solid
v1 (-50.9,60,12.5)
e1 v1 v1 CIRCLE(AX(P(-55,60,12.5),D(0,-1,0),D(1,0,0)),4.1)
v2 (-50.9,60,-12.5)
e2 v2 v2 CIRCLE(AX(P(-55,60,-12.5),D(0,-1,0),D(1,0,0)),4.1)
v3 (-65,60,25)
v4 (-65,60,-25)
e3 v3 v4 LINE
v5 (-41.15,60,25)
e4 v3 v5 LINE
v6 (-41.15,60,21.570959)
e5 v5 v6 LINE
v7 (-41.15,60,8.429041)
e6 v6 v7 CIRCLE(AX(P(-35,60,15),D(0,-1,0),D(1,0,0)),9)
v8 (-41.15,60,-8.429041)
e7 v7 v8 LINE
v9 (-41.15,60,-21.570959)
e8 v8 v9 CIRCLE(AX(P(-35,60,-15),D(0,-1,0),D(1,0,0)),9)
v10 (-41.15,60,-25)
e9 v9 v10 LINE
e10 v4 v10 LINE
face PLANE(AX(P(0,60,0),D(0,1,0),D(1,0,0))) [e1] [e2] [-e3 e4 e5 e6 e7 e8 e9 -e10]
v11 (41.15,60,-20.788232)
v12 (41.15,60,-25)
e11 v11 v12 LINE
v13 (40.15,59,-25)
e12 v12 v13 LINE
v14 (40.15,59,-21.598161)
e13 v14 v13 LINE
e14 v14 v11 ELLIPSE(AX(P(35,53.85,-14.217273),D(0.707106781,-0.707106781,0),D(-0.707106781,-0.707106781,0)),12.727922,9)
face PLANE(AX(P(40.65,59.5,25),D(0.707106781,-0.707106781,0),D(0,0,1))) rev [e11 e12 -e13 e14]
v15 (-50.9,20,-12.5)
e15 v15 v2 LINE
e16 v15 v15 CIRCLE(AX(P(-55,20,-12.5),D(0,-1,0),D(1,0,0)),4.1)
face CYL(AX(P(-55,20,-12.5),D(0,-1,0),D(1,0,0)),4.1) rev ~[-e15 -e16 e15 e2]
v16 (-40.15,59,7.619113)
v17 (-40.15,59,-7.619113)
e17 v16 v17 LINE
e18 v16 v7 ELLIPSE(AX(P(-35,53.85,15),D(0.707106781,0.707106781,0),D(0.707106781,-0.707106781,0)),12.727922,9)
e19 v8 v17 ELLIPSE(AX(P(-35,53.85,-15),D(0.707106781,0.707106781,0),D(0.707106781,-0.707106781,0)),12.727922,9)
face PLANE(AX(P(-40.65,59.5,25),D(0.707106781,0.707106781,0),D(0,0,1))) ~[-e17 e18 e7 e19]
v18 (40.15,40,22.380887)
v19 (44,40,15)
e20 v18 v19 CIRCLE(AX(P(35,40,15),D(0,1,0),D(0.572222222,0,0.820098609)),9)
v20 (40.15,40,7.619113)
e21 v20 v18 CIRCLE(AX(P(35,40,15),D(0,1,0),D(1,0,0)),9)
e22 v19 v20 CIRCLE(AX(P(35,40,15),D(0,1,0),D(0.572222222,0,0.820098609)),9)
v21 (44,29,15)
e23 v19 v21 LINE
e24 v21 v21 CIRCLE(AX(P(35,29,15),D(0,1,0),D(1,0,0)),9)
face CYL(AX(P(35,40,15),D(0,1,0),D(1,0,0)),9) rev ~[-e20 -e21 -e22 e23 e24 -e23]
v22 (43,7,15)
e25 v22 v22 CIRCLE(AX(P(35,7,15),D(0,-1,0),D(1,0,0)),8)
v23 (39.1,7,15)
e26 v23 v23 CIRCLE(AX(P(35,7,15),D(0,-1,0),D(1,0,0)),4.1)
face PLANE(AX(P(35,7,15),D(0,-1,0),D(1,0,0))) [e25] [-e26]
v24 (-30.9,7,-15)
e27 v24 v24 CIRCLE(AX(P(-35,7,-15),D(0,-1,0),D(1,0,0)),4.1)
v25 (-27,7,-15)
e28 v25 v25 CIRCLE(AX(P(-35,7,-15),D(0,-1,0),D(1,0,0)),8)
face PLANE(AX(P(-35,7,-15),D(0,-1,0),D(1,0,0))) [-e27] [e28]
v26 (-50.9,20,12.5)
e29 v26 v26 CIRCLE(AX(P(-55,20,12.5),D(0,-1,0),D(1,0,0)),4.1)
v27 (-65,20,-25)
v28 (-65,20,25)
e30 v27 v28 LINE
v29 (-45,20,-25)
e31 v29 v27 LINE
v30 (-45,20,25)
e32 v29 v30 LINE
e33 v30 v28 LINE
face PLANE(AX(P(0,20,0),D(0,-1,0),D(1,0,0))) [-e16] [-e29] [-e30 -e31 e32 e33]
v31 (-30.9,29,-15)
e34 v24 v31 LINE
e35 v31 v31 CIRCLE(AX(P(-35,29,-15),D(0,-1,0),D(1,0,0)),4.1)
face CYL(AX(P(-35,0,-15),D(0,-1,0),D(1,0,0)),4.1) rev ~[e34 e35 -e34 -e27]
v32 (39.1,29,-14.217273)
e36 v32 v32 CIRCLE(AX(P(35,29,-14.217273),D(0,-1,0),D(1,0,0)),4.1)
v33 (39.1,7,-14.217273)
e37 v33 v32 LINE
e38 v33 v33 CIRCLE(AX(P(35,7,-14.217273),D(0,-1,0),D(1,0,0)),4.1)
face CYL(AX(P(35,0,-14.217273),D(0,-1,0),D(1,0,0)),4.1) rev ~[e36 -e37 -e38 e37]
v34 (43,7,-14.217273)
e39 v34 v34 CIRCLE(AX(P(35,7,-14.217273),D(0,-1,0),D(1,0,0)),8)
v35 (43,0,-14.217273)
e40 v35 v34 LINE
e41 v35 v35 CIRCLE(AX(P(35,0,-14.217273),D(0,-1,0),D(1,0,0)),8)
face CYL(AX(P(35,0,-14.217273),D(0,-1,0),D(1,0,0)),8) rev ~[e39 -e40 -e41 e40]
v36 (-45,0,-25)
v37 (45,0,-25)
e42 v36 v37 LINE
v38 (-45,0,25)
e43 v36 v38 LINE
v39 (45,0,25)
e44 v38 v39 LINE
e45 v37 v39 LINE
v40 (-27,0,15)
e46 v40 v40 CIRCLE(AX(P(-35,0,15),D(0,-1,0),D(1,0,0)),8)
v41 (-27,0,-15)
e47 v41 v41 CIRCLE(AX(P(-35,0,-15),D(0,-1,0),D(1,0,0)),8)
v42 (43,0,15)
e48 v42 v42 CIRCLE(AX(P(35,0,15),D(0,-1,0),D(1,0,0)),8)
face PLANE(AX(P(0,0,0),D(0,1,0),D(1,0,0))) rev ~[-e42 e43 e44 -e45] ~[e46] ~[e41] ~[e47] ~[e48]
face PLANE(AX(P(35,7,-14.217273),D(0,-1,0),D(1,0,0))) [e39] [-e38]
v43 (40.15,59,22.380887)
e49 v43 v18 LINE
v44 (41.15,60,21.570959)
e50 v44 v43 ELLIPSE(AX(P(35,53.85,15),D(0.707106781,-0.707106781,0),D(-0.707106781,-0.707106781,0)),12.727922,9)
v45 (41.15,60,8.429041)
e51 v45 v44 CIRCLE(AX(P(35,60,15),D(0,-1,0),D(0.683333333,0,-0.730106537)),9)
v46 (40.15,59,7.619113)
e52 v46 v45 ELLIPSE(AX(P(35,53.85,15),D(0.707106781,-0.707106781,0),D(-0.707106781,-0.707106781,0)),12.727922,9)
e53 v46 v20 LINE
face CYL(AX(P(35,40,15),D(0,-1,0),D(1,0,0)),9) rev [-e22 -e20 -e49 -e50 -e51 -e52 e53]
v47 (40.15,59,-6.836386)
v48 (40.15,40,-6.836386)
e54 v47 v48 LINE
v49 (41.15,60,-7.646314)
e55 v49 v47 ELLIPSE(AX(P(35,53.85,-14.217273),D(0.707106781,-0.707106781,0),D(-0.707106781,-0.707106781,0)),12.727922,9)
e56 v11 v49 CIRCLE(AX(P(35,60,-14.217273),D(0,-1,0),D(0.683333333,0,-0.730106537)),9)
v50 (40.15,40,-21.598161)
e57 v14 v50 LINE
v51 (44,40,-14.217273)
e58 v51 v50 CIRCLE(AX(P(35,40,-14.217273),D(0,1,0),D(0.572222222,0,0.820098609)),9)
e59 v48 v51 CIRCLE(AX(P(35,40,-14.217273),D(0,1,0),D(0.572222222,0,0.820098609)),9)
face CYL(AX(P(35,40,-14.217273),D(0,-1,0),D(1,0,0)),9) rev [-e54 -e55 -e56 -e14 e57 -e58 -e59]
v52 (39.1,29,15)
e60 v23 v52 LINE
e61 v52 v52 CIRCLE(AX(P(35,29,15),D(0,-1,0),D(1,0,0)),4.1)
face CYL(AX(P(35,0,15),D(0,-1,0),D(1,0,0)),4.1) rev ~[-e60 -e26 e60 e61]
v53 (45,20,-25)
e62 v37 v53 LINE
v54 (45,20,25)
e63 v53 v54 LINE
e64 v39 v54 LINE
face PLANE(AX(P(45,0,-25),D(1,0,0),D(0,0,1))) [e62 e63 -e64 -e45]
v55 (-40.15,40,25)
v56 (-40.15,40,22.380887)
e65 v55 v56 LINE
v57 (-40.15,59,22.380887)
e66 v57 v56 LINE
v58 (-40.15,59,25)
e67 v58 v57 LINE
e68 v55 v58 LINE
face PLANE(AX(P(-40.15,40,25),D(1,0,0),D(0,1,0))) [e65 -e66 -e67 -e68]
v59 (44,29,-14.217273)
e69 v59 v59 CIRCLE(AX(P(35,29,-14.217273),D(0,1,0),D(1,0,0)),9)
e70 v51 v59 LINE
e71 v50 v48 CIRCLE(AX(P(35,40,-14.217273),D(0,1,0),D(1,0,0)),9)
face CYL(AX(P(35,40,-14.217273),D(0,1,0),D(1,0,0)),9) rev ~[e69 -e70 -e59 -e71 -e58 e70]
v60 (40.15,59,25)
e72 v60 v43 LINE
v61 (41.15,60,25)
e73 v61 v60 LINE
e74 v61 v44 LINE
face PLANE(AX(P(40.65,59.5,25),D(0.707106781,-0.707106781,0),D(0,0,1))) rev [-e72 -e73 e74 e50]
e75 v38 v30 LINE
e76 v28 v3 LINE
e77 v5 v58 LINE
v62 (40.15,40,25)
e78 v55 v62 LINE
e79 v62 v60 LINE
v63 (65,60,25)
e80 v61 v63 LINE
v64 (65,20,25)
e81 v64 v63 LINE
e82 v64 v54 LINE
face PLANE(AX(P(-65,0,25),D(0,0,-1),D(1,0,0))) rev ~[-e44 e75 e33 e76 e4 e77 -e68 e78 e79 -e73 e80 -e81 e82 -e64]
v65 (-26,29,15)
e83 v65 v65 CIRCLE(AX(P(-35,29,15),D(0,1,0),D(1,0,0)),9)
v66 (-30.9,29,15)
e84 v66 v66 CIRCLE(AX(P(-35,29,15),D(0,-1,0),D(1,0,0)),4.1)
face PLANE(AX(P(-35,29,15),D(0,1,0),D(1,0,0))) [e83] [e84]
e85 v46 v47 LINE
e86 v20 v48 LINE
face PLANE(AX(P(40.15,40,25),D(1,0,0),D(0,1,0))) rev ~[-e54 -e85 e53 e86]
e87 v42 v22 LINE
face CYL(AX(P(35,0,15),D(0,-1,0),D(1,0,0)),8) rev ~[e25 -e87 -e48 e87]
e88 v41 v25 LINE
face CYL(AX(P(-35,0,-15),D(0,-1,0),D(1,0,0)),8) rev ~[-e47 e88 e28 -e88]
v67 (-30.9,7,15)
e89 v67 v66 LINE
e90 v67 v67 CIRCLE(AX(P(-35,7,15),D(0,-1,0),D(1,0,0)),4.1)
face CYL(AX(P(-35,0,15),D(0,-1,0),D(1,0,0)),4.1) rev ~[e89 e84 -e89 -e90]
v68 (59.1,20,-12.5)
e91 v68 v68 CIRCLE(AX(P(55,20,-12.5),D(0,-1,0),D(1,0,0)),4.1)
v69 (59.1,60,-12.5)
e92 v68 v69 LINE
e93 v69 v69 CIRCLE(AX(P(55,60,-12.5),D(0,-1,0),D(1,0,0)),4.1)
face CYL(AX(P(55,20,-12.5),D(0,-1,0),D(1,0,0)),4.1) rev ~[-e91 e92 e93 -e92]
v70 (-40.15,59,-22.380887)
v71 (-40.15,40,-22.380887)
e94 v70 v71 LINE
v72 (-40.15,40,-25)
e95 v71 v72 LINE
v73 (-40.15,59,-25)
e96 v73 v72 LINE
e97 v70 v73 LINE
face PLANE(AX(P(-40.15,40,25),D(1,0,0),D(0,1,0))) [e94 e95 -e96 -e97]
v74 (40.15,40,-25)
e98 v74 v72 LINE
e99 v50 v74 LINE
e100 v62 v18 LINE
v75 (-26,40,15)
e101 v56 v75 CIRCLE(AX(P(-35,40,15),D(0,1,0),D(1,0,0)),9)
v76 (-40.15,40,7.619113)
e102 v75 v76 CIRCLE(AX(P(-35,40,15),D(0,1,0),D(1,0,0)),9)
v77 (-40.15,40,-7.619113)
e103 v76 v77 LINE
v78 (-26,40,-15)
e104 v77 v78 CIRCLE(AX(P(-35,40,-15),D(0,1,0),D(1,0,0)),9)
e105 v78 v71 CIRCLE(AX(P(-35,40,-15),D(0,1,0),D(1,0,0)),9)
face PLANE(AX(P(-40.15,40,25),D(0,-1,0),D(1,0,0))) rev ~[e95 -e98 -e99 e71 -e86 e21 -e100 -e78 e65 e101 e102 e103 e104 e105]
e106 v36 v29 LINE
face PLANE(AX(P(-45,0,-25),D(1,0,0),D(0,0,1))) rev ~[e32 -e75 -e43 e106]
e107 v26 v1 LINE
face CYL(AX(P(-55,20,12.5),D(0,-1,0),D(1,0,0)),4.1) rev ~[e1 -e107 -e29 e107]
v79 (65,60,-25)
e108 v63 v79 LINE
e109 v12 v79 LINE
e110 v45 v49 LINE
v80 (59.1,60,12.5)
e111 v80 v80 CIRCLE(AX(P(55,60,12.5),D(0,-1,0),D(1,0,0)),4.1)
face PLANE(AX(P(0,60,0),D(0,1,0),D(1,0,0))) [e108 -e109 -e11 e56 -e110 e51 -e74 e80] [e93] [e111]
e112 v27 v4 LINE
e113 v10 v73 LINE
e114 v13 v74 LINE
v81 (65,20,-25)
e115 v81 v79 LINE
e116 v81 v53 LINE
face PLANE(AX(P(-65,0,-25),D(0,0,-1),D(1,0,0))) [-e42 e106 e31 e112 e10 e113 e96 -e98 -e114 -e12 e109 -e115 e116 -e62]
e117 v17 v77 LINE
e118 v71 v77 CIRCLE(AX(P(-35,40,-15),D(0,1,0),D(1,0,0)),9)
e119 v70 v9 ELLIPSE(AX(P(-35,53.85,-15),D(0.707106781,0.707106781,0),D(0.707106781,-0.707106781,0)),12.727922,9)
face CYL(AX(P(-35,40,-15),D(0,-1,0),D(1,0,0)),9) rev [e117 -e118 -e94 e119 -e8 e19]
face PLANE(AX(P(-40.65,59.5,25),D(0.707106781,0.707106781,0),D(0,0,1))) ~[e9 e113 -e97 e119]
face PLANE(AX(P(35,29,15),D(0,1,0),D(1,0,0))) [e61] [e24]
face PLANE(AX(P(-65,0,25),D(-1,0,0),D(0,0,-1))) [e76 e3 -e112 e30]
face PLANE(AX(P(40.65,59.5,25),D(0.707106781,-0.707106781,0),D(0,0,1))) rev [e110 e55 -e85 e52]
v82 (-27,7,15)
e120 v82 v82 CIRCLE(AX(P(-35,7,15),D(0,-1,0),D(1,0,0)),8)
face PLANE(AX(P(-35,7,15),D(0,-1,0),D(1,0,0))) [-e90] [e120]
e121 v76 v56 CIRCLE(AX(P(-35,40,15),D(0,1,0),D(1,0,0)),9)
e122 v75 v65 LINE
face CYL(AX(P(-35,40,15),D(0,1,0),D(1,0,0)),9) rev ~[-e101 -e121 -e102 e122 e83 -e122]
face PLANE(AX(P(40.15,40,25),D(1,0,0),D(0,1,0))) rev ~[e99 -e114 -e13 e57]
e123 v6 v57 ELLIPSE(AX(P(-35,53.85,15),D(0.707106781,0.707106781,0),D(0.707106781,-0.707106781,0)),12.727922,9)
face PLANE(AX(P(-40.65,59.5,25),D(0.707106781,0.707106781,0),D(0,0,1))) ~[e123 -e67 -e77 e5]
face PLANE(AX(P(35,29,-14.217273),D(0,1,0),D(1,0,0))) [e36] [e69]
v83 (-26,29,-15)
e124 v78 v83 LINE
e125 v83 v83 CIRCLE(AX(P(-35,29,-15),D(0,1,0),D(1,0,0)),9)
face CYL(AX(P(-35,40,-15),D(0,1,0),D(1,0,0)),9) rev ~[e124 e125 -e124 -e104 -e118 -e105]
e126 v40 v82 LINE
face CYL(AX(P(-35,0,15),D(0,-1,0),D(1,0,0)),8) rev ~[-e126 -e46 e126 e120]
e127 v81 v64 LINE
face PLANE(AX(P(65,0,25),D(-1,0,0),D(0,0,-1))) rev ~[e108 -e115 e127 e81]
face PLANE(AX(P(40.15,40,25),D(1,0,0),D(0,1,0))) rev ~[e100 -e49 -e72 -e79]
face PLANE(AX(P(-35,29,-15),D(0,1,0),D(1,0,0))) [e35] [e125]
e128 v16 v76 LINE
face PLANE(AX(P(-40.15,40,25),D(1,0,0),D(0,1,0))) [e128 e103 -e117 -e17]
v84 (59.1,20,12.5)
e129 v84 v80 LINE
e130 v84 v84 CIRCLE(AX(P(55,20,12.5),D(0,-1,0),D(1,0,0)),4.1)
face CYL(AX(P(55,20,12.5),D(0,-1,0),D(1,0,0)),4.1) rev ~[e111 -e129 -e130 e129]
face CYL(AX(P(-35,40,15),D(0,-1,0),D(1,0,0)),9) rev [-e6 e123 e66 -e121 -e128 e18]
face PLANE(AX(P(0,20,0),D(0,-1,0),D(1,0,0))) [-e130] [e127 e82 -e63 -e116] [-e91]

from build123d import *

# Parameters (mm, degrees)
SKETCH1_W               = 130
SKETCH1_H               = 50
BOSS_EXTRUDE1_DEPTH     = 60
SKETCH2_W               = 80.3
SKETCH2_H               = 40
CUT_EXTRUDE1_DEPTH      = 51
SKETCH3_R               = 4.1
CUT_EXTRUDE2_DEPTH      = 61
SKETCH4_R               = 8
CUT_EXTRUDE3_DEPTH      = 7
CHAMFER1_SIZE           = 1
SKETCH5_OUTSIDE_W       = 162.332
SKETCH5_OUTSIDE_H       = 82.332
SKETCH5_OUTSIDE_W_2     = 90
SKETCH5_OUTSIDE_H_2     = 50
CUT_EXTRUDE4_DEPTH      = 20
SKETCH6_R               = 4.1
CUT_EXTRUDE5_DEPTH      = 41
SKETCH7_R               = 9
CUT_EXTRUDE6_DEPTH      = 21
CUT_EXTRUDE6_DEPTH_BACK = 11


with BuildPart() as part:
    # Sketch1 → Boss-Extrude1 (new body)
    with BuildSketch(Plane(origin=(0, 0, 0), x_dir=(1, 0, 0), z_dir=(0, 1, 0))):
        Rectangle(SKETCH1_W, SKETCH1_H)
    extrude(amount=BOSS_EXTRUDE1_DEPTH)

    # Sketch2 → Cut-Extrude1 (cut, through all)
    with BuildSketch(Plane.XY.offset(25)):
        with Locations((0, 60)):
            Rectangle(SKETCH2_W, SKETCH2_H)
    extrude(amount=-CUT_EXTRUDE1_DEPTH, mode=Mode.SUBTRACT)

    # Sketch3 → Cut-Extrude2 (cut, through all)
    with BuildSketch(Plane.XZ):
        with Locations((-35, 15)):
            Circle(SKETCH3_R)
        with Locations((-35, -15)):
            Circle(SKETCH3_R)
        with Locations((35, -14.217273236)):
            Circle(SKETCH3_R)
        with Locations((35, 15)):
            Circle(SKETCH3_R)
    extrude(amount=-CUT_EXTRUDE2_DEPTH, mode=Mode.SUBTRACT)

    # Sketch4 → Cut-Extrude3 (cut)
    with BuildSketch(Plane.XZ):
        with Locations((35, 15)):
            Circle(SKETCH4_R)
        with Locations((35, -14.217273236)):
            Circle(SKETCH4_R)
        with Locations((-35, 15)):
            Circle(SKETCH4_R)
        with Locations((-35, -15)):
            Circle(SKETCH4_R)
    extrude(amount=-CUT_EXTRUDE3_DEPTH, mode=Mode.SUBTRACT)

    # Chamfer1
    chamfer1_edges = [part.edges().sort_by_distance(p)[0] for p in [
        (40.15, 60, 0),
        (-40.15, 60, 0),
    ]]
    chamfer(chamfer1_edges, length=CHAMFER1_SIZE)

    # Sketch5 outside → Cut-Extrude4 (cut)
    with BuildSketch(Plane.XZ):
        Rectangle(SKETCH5_OUTSIDE_W, SKETCH5_OUTSIDE_H)
        Rectangle(SKETCH5_OUTSIDE_W_2, SKETCH5_OUTSIDE_H_2, mode=Mode.SUBTRACT)
    extrude(amount=-CUT_EXTRUDE4_DEPTH, mode=Mode.SUBTRACT)

    # Sketch6 → Cut-Extrude5 (cut, through all)
    with BuildSketch(Plane.XZ.offset(-20)):
        with Locations((55, -12.5)):
            Circle(SKETCH6_R)
        with Locations((55, 12.5)):
            Circle(SKETCH6_R)
        with Locations((-55, -12.5)):
            Circle(SKETCH6_R)
        with Locations((-55, 12.5)):
            Circle(SKETCH6_R)
    extrude(amount=-CUT_EXTRUDE5_DEPTH, mode=Mode.SUBTRACT)

    # Sketch7 → Cut-Extrude6 (cut, two sides)
    with BuildSketch(Plane(origin=(0, 40, 0), x_dir=(1, 0, 0), z_dir=(0, 1, 0))) as cut_extrude6_sk:
        with Locations((35, -15)):
            Circle(SKETCH7_R)
        with Locations((-35, -15)):
            Circle(SKETCH7_R)
        with Locations((35, 14.217273236)):
            Circle(SKETCH7_R)
        with Locations((-35, 15)):
            Circle(SKETCH7_R)
    extrude(amount=CUT_EXTRUDE6_DEPTH, mode=Mode.SUBTRACT)
    extrude(cut_extrude6_sk.sketch, amount=-CUT_EXTRUDE6_DEPTH_BACK, mode=Mode.SUBTRACT)


solid = part.part
